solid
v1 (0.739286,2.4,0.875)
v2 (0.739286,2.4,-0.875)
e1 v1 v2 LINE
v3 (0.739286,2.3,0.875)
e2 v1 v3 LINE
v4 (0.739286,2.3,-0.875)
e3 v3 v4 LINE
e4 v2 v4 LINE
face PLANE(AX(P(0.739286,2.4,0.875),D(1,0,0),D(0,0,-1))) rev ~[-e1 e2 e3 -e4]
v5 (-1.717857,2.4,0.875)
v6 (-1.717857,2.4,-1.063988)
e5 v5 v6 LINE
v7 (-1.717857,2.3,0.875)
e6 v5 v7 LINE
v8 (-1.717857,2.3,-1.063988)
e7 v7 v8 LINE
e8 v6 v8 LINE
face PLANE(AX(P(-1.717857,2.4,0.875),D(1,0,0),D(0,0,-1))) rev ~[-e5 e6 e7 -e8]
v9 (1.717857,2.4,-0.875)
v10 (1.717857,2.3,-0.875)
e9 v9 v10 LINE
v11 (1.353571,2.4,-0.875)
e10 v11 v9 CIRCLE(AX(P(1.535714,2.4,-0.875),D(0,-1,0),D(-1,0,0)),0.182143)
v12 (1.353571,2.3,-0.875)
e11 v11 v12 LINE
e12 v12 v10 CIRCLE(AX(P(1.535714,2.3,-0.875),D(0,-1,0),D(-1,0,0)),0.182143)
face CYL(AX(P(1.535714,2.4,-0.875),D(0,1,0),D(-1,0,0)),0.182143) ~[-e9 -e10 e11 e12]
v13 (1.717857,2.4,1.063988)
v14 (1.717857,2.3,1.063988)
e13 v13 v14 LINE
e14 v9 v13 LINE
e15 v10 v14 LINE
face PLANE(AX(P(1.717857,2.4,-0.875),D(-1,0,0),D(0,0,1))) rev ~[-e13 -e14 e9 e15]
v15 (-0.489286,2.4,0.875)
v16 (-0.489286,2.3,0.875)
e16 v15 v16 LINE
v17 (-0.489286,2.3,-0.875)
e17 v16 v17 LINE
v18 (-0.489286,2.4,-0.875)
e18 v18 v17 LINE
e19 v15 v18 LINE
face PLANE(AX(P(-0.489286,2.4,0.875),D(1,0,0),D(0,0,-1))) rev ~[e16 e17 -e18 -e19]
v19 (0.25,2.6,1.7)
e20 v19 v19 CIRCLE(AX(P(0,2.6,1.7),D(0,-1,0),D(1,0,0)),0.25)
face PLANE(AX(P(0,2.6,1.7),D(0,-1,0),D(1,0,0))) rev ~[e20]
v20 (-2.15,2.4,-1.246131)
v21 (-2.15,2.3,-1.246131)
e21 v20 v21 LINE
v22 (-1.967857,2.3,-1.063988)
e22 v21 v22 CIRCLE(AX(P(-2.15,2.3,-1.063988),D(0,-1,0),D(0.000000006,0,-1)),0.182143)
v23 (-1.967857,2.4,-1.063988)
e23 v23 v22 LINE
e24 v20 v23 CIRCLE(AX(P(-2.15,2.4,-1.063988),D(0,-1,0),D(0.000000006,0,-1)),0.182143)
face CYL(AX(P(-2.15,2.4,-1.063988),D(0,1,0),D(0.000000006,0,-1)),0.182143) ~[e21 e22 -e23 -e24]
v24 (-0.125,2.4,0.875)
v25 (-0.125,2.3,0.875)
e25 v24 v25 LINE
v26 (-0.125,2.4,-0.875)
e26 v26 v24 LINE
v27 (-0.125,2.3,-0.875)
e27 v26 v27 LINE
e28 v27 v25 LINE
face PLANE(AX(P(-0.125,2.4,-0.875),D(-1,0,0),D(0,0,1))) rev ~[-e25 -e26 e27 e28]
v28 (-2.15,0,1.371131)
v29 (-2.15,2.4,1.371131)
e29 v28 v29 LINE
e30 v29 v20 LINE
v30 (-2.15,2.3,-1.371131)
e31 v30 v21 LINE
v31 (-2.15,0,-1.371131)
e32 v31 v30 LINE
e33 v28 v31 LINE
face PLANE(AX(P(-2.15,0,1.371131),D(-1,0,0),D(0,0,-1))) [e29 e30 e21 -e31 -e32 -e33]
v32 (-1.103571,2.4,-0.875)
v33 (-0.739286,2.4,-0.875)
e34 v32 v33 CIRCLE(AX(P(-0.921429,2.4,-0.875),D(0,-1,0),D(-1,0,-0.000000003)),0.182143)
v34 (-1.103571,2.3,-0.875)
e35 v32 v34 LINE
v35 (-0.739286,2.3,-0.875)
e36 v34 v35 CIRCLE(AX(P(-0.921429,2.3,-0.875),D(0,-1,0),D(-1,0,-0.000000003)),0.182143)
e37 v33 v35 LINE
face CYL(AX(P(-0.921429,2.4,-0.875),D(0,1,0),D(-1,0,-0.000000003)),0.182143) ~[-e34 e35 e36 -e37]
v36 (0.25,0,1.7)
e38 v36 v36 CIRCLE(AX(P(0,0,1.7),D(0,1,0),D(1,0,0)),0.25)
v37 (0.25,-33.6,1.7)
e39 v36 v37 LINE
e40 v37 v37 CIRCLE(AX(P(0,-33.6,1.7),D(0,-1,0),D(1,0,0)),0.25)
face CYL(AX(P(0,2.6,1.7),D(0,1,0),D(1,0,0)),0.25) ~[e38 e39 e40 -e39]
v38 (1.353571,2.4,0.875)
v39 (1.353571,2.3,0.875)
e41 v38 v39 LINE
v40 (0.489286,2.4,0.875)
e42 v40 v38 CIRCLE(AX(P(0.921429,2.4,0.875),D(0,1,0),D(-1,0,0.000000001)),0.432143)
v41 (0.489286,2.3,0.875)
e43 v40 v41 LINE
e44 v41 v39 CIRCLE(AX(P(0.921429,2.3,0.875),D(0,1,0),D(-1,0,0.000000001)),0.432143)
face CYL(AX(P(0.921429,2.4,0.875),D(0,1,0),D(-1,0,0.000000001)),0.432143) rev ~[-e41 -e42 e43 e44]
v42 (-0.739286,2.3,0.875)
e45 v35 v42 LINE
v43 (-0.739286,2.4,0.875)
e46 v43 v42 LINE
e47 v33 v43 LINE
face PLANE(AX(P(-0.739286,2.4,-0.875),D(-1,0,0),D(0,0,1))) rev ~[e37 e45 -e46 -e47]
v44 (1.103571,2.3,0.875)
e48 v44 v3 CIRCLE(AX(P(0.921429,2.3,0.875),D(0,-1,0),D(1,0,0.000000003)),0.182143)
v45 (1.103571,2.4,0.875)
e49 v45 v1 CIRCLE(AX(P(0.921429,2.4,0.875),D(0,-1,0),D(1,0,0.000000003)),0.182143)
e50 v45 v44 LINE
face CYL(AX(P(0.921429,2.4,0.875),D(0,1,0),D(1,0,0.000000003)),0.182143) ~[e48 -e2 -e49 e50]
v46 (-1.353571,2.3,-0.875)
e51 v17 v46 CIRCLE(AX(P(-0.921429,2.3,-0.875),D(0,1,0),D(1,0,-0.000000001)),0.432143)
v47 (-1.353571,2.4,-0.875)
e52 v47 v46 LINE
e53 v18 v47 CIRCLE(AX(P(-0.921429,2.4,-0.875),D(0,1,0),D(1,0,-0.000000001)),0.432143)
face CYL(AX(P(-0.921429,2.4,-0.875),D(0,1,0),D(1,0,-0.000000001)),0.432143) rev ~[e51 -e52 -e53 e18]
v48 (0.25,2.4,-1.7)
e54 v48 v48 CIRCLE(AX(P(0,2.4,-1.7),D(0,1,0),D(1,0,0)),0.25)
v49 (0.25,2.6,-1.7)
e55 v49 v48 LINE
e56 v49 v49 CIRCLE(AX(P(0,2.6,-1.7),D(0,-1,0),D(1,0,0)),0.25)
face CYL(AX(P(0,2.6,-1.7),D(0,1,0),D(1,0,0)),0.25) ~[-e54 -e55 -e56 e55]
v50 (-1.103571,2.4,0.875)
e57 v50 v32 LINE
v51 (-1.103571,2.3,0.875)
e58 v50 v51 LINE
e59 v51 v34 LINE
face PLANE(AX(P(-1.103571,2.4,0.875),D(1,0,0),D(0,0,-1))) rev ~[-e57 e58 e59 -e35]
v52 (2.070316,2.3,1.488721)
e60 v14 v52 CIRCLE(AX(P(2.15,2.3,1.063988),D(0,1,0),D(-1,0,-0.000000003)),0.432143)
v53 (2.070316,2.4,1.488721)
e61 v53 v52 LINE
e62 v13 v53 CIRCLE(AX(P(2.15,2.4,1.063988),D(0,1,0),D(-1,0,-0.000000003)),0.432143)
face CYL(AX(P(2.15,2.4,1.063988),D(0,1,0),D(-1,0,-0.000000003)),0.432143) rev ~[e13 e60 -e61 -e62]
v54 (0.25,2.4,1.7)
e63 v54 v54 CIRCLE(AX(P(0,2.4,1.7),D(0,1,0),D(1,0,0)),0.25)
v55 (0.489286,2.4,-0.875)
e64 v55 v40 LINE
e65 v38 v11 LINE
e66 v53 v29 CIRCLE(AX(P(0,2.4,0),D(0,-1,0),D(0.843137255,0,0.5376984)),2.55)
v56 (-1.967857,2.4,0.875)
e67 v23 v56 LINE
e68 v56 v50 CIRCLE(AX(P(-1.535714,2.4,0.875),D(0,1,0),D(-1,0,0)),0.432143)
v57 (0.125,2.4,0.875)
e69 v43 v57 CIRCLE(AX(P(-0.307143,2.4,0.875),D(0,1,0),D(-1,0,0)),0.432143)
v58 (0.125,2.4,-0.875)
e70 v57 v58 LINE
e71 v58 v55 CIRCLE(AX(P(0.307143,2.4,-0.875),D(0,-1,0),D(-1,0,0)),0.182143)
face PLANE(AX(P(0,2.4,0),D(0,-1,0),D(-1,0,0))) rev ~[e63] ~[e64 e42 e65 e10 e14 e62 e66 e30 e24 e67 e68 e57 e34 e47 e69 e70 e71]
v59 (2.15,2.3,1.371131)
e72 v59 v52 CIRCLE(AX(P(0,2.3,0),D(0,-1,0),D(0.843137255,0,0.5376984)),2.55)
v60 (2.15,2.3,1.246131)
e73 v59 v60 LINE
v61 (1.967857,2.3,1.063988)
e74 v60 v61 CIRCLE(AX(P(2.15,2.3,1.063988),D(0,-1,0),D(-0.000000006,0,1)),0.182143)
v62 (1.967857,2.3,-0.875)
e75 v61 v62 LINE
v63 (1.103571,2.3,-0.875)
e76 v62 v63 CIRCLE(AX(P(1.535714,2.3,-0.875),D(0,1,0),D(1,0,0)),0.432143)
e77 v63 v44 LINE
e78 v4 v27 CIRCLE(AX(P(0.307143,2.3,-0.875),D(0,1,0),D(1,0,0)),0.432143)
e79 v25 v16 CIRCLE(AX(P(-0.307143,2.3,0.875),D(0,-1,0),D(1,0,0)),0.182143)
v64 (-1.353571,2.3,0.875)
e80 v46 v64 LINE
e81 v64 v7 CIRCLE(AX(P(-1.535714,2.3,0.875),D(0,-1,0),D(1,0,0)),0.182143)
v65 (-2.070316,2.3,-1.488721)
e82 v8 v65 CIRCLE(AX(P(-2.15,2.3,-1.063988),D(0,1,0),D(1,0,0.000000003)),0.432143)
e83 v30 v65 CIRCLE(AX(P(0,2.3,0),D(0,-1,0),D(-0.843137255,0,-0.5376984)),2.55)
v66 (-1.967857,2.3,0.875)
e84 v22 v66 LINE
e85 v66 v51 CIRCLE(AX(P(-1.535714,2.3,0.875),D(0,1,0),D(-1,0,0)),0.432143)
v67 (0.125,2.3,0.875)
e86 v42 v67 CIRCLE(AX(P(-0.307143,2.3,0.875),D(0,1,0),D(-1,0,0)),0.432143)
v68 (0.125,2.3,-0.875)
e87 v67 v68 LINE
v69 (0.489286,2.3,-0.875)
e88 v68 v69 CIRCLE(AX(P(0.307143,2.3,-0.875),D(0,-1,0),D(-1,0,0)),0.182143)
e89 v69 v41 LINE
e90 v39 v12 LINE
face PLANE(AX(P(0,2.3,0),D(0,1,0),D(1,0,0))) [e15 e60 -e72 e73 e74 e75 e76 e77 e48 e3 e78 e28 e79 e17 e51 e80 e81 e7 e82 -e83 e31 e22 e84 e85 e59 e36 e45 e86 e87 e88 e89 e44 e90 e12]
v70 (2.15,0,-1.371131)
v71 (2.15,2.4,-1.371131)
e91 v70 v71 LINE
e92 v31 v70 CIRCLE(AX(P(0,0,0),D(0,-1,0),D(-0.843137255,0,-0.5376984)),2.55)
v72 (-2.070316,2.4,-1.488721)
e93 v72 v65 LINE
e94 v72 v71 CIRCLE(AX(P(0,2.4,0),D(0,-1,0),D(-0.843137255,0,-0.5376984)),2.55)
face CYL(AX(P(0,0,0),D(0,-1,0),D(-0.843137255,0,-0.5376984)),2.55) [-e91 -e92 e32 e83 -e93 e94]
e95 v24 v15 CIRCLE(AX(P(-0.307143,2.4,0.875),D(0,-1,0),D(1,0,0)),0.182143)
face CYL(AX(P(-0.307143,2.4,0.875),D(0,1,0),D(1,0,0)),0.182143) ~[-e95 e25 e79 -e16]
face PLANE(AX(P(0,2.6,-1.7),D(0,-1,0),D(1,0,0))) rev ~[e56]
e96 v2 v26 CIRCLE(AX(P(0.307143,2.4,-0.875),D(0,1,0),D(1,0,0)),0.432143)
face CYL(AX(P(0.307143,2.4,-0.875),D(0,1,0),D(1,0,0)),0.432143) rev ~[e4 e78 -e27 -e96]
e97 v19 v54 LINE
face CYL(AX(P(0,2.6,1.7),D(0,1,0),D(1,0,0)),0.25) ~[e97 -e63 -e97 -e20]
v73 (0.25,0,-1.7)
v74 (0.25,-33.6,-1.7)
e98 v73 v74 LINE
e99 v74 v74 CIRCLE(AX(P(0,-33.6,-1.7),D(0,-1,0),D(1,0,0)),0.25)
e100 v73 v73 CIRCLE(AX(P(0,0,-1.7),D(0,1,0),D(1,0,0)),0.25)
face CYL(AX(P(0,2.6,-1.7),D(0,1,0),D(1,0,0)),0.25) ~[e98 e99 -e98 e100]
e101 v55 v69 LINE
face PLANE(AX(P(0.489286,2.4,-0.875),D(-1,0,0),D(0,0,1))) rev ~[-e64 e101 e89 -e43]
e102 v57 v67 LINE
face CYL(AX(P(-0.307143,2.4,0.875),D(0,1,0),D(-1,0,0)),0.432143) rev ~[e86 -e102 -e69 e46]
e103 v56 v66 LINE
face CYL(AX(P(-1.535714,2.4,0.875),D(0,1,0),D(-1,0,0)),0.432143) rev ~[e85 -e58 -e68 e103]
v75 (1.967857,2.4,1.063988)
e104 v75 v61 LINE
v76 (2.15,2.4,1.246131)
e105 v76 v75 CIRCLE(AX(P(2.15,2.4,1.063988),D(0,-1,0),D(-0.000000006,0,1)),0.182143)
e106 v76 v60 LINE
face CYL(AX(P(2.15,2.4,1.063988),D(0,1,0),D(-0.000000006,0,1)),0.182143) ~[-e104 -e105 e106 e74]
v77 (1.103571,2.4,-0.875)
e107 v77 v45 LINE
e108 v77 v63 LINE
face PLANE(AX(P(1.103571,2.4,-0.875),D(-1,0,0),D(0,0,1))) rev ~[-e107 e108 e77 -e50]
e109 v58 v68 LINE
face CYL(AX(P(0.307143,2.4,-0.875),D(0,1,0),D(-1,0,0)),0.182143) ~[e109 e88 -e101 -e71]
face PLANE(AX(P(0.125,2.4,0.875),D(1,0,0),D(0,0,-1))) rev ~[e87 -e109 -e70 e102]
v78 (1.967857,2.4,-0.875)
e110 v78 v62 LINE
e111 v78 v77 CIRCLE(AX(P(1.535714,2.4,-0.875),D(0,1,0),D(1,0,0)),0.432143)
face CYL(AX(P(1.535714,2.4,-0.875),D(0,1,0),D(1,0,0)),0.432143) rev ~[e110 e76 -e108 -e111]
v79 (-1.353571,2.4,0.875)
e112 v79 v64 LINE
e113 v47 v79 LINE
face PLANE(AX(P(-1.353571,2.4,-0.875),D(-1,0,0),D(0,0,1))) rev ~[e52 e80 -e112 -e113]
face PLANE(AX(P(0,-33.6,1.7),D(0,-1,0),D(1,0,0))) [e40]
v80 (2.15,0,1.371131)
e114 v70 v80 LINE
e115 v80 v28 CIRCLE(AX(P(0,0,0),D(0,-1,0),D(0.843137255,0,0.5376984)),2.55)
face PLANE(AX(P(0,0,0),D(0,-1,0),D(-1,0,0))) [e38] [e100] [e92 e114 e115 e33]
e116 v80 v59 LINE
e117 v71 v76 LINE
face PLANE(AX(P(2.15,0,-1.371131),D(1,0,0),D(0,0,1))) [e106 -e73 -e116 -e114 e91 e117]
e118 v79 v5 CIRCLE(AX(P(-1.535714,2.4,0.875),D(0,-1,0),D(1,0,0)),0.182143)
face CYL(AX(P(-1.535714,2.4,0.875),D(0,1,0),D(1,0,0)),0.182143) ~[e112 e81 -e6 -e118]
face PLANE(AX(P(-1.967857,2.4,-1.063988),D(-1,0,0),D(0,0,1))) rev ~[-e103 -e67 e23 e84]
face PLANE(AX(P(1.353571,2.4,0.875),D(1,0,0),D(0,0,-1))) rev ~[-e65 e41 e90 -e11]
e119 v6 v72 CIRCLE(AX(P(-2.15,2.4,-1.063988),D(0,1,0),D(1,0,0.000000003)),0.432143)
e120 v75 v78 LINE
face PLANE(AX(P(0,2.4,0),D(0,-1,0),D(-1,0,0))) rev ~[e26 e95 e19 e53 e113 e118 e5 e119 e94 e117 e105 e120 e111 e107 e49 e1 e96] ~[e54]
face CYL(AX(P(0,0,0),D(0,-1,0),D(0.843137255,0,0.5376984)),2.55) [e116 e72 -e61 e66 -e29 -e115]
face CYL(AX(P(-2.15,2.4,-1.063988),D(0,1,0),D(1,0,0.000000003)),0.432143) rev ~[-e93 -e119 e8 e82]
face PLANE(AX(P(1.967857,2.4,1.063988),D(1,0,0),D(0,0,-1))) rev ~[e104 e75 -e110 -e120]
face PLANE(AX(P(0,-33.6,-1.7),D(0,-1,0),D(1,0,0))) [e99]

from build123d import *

# Parameters (mm, degrees)
BOSS_EXTRUDE1_DEPTH     = 2.4
BOSS_EXTRUDE2_START     = -2.6
SKETCH2_R               = 0.25
BOSS_EXTRUDE2_DEPTH     = 36.2
CUT_EXTRUDE_THIN1_DEPTH = 0.1


with BuildPart() as part:
    # Sketch1 → Boss-Extrude1 (new body)
    with BuildSketch(Plane(origin=(0, 0, 0), x_dir=(1, 0, 0), z_dir=(0, 1, 0))):
        with BuildLine():
            Line((2.15, 1.37113092), (2.15, -1.37113092))
            ThreePointArc((2.15, -1.37113092), (0, -2.55), (-2.15, -1.37113092))
            Line((-2.15, -1.37113092), (-2.15, 1.37113092))
            ThreePointArc((-2.15, 1.37113092), (0, 2.55), (2.15, 1.37113092))
        make_face()
    extrude(amount=BOSS_EXTRUDE1_DEPTH)

    # Sketch2 → Boss-Extrude2 (add)
    with BuildSketch(Plane.XZ.offset(BOSS_EXTRUDE2_START)):
        with Locations((0, 1.7)):
            Circle(SKETCH2_R)
        with Locations((0, -1.7)):
            Circle(SKETCH2_R)
    extrude(amount=BOSS_EXTRUDE2_DEPTH)

    # Sketch3 → Cut-Extrude-Thin1 (cut)
    with BuildSketch(Plane(origin=(0, 2.4, 0), x_dir=(1, 0, 0), z_dir=(0, 1, 0))):
        with BuildLine():
            ThreePointArc((-2.15, 1.24613092), (-2.021205551, 1.192782512), (-1.967857143, 1.063988063))
            Line((-1.967857143, 1.063988063), (-1.967857143, -0.875))
            ThreePointArc((-1.967857143, -0.875), (-1.535714286, -1.307142857), (-1.103571429, -0.875))
            Line((-1.103571429, -0.875), (-1.103571429, 0.875))
            ThreePointArc((-1.103571429, 0.875), (-0.921428571, 1.057142857), (-0.739285714, 0.875))
            Line((-0.739285714, 0.875), (-0.739285714, -0.875))
            ThreePointArc((-0.739285714, -0.875), (-0.307142857, -1.307142857), (0.125, -0.875))
            Line((0.125, -0.875), (0.125, 0.875))
            ThreePointArc((0.125, 0.875), (0.307142857, 1.057142857), (0.489285714, 0.875))
            Line((0.489285714, 0.875), (0.489285714, -0.875))
            ThreePointArc((0.489285714, -0.875), (0.921428571, -1.307142857), (1.353571429, -0.875))
            Line((1.353571429, -0.875), (1.353571429, 0.875))
            ThreePointArc((1.353571429, 0.875), (1.535714286, 1.057142857), (1.717857143, 0.875))
            Line((1.717857143, 0.875), (1.717857143, -1.063988063))
            ThreePointArc((1.717857143, -1.063988063), (1.844428855, -1.369559208), (2.15, -1.49613092))
            Line((2.15, -1.49613092), (2.15, -1.24613092))
            ThreePointArc((2.15, -1.24613092), (2.021205551, -1.192782512), (1.967857143, -1.063988063))
            Line((1.967857143, -1.063988063), (1.967857143, 0.875))
            ThreePointArc((1.967857143, 0.875), (1.535714286, 1.307142857), (1.103571429, 0.875))
            Line((1.103571429, 0.875), (1.103571429, -0.875))
            ThreePointArc((1.103571429, -0.875), (0.921428571, -1.057142857), (0.739285714, -0.875))
            Line((0.739285714, -0.875), (0.739285714, 0.875))
            ThreePointArc((0.739285714, 0.875), (0.307142857, 1.307142857), (-0.125, 0.875))
            Line((-0.125, 0.875), (-0.125, -0.875))
            ThreePointArc((-0.125, -0.875), (-0.307142857, -1.057142857), (-0.489285714, -0.875))
            Line((-0.489285714, -0.875), (-0.489285714, 0.875))
            ThreePointArc((-0.489285714, 0.875), (-0.921428571, 1.307142857), (-1.353571429, 0.875))
            Line((-1.353571429, 0.875), (-1.353571429, -0.875))
            ThreePointArc((-1.353571429, -0.875), (-1.535714286, -1.057142857), (-1.717857143, -0.875))
            Line((-1.717857143, -0.875), (-1.717857143, 1.063988063))
            ThreePointArc((-1.717857143, 1.063988063), (-1.844428855, 1.369559208), (-2.15, 1.49613092))
            Line((-2.15, 1.49613092), (-2.15, 1.24613092))
        make_face()
    extrude(amount=-CUT_EXTRUDE_THIN1_DEPTH, mode=Mode.SUBTRACT)


solid = part.part
